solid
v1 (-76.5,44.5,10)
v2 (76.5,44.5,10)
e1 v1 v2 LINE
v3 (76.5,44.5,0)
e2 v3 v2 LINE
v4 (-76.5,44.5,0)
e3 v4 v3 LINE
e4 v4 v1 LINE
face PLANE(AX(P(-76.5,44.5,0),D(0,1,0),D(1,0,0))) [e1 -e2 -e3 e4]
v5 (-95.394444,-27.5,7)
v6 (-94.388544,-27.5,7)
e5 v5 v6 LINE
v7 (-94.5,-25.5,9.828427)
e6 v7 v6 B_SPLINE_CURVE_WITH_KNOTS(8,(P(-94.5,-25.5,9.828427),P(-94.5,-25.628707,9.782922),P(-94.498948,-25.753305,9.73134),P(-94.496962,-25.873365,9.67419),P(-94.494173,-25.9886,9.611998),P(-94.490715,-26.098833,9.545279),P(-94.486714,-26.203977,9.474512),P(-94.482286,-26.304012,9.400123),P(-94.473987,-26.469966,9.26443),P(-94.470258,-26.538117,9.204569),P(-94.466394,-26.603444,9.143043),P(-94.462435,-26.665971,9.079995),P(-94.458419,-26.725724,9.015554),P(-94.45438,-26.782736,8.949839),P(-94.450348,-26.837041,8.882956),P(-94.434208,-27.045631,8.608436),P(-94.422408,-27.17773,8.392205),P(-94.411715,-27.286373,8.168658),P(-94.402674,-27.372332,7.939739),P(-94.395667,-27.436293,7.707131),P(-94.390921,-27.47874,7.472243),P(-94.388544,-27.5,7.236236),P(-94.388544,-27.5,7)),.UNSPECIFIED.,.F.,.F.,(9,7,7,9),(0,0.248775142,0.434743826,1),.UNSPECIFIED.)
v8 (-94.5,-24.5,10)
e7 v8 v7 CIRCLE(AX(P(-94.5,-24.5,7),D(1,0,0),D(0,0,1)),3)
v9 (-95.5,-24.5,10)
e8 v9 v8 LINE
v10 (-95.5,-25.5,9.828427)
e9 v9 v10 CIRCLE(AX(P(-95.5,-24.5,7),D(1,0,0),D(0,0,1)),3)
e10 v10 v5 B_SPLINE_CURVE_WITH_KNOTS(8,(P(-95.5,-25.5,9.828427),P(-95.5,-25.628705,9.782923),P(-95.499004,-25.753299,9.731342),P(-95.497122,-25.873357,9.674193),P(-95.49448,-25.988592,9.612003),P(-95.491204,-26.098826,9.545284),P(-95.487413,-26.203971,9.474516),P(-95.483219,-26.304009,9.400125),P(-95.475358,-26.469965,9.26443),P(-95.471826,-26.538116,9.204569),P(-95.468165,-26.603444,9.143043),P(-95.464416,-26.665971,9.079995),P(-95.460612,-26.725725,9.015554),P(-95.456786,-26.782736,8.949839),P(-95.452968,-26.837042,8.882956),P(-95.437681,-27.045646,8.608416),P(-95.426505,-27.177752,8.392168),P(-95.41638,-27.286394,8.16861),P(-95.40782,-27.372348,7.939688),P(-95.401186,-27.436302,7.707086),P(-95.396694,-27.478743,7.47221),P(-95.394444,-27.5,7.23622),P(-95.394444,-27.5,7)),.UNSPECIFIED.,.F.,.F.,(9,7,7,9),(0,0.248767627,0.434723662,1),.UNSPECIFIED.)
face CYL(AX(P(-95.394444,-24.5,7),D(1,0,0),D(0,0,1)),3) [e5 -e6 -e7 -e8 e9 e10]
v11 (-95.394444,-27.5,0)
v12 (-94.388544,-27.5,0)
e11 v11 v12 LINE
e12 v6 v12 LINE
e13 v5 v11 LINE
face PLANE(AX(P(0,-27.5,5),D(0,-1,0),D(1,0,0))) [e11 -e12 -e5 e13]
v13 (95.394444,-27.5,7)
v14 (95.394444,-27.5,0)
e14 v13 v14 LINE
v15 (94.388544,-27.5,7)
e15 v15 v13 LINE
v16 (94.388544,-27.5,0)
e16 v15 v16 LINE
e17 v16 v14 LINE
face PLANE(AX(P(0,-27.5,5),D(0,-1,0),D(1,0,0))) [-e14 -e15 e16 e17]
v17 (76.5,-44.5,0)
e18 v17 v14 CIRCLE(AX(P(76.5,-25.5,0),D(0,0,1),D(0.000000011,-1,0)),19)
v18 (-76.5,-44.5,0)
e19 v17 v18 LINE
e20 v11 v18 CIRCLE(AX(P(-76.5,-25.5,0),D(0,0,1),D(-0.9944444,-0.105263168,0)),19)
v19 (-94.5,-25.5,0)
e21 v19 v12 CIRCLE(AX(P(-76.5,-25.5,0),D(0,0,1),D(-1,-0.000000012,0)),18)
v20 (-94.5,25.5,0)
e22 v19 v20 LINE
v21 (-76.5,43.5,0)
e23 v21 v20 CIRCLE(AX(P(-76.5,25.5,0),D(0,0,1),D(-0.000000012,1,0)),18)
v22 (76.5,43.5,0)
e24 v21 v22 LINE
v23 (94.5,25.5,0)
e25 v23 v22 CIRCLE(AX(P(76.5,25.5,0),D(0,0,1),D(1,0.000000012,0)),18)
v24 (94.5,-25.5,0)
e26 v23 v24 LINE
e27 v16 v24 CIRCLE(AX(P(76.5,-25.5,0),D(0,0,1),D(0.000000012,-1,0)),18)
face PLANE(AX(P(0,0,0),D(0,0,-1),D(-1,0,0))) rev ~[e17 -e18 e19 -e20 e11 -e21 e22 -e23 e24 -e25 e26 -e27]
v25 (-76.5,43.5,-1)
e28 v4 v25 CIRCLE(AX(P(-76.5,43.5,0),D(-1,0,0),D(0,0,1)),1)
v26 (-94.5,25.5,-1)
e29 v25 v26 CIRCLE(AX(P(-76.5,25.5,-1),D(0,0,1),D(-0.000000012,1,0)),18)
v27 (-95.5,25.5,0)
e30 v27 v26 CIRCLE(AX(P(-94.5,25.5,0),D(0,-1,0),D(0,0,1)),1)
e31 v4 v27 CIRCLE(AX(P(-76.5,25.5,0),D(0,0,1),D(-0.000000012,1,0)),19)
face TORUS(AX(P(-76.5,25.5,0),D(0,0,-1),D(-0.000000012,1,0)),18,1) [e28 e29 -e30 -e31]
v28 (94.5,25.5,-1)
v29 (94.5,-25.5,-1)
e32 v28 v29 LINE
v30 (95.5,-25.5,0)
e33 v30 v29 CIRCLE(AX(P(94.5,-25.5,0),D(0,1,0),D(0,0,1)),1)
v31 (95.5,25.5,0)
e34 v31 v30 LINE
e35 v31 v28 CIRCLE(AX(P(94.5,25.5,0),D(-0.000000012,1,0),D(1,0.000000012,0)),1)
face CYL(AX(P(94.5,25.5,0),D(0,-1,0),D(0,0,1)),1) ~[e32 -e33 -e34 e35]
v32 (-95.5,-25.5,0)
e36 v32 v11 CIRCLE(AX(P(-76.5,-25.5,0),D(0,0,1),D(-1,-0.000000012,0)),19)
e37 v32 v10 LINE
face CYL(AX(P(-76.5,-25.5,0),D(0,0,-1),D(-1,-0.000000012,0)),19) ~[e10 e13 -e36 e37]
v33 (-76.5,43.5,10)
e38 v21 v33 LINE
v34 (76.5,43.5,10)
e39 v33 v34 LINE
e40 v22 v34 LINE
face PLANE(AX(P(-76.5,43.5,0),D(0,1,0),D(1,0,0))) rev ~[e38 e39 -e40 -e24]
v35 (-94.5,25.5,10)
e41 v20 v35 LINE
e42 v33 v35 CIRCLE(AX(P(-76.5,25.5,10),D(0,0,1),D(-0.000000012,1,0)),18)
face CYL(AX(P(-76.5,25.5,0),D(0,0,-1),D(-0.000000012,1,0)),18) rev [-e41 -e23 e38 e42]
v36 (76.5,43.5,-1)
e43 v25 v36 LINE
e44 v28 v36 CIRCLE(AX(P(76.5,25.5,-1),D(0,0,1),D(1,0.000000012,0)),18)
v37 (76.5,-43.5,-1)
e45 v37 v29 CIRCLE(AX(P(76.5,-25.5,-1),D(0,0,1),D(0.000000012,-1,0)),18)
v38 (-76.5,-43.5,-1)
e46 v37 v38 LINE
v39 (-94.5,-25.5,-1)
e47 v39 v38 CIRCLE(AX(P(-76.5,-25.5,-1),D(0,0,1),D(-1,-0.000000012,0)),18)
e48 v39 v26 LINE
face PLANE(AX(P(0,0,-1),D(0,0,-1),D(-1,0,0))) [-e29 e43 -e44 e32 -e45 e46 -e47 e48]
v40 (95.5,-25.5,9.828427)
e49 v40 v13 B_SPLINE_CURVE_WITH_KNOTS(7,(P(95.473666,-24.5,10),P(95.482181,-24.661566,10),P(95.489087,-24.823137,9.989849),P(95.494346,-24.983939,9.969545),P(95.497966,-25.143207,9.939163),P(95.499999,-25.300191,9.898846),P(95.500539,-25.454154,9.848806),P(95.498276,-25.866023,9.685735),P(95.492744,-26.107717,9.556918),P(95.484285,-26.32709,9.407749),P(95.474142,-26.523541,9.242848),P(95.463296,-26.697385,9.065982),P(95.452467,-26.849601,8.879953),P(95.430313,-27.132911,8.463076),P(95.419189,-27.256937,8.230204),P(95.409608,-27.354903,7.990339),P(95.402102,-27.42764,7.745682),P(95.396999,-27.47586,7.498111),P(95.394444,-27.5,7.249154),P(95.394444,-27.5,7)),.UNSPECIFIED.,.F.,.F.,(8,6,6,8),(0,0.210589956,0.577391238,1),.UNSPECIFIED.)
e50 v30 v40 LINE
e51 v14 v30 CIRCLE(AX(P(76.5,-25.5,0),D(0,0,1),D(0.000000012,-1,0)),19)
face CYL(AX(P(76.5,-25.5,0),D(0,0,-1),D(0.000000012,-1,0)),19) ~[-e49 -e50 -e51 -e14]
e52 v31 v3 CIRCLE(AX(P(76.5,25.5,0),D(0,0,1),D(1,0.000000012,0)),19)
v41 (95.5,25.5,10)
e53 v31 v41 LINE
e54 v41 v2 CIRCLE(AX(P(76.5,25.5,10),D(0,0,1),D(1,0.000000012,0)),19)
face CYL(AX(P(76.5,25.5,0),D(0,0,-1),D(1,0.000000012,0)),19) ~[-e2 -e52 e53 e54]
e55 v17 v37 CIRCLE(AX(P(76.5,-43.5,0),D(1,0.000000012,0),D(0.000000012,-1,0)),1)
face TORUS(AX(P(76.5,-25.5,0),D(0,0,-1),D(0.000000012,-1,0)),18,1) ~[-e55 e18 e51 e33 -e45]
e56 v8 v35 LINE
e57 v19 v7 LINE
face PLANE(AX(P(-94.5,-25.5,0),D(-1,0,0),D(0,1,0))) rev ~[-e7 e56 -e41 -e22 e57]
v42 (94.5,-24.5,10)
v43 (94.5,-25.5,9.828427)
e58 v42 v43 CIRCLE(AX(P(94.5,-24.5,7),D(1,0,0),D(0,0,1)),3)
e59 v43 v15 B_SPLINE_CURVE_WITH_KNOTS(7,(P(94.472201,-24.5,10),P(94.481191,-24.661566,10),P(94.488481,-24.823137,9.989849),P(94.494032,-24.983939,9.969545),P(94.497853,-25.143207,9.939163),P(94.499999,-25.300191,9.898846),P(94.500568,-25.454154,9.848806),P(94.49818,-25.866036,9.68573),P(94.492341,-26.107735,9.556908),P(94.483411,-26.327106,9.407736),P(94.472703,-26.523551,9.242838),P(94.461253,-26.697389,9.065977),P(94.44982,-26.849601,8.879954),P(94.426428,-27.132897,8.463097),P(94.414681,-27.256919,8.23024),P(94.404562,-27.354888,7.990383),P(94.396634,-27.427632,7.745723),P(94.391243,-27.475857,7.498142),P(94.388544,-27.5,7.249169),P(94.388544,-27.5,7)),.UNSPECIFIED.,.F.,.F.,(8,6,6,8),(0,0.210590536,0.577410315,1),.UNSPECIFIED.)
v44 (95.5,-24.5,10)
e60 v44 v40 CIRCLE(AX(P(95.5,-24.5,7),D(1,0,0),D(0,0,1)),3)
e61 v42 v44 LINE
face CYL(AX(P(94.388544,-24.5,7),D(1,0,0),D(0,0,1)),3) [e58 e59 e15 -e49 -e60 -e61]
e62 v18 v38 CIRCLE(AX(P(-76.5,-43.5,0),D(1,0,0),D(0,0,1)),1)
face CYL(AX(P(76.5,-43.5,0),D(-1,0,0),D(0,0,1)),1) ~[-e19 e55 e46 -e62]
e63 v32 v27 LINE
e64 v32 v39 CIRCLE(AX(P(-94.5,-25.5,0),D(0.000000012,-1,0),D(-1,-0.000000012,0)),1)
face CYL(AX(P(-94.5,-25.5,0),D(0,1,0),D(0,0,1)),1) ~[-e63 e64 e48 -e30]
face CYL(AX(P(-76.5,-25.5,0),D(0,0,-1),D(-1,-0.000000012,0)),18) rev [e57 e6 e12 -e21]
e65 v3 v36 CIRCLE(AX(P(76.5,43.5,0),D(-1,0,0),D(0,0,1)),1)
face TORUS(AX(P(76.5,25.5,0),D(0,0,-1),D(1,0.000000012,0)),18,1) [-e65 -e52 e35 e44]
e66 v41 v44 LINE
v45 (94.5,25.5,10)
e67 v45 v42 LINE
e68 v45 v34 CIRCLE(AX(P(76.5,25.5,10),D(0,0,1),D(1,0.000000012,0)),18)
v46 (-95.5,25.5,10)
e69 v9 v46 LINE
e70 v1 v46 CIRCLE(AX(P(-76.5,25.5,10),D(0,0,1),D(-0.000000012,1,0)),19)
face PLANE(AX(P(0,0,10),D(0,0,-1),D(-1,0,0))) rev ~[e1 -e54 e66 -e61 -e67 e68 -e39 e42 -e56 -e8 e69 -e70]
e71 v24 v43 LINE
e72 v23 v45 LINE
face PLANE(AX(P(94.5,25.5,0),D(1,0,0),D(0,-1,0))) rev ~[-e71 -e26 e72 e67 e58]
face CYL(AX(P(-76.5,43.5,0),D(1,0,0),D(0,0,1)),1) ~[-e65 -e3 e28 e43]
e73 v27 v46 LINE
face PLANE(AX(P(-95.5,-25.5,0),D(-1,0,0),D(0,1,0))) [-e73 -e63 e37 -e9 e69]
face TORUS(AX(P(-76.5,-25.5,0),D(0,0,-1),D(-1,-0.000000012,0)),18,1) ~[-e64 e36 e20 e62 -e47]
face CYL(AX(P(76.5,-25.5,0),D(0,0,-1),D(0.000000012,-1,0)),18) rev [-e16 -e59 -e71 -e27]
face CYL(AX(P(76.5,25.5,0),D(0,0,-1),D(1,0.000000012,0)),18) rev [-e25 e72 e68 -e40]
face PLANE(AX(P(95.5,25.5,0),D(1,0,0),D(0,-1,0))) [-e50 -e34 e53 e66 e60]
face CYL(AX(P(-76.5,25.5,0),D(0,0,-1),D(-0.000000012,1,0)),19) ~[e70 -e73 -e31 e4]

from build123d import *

# Parameters (mm, degrees)
PAD_DEPTH         = 10
THICKNESS_T       = 1
SKETCH001_W       = 15
SKETCH001_H       = 10
SKETCH001_W_2     = 143
POCKET_DEPTH      = 5
POCKET_DEPTH_BACK = -5
SKETCH002_W       = 191
SKETCH002_H       = 10
POCKET001_DEPTH   = 17
FILLET_R          = 3


with BuildPart() as part:
    # Sketch → Pad (new body)
    with BuildSketch(Plane.XY):
        with BuildLine():
            Line((-76.5, 43.5), (76.5, 43.5))
            ThreePointArc((94.5, 25.5), (89.227922, 38.227922), (76.5, 43.5))
            Line((94.5, 25.5), (94.5, -25.5))
            ThreePointArc((76.5, -43.5), (89.227922, -38.227922), (94.5, -25.5))
            Line((76.5, -43.5), (-76.5, -43.5))
            ThreePointArc((-94.5, -25.5), (-89.227922, -38.227922), (-76.5, -43.5))
            Line((-94.5, -25.5), (-94.5, 25.5))
            ThreePointArc((-76.5, 43.5), (-89.227922, 38.227922), (-94.5, 25.5))
        make_face()
    extrude(amount=PAD_DEPTH)

    # Thickness
    thickness_openings = [part.faces().sort_by_distance(p)[0] for p in [
        (0, 0, 10),
    ]]
    offset(amount=THICKNESS_T, openings=thickness_openings)

    # Sketch001 (on Face5 of Thickness) → Pocket (cut, two sides)
    with BuildSketch(Plane(origin=(0, -43.5, 0), x_dir=(-1, 0, 0), z_dir=(0, 1, 0))) as pocket_sk:
        with Locations((79, 5)):
            Rectangle(SKETCH001_W, SKETCH001_H)
        with Locations((-79, 5)):
            Rectangle(SKETCH001_W, SKETCH001_H)
        with Locations((0, 5)):
            Rectangle(SKETCH001_W_2, SKETCH001_H)
    extrude(amount=-POCKET_DEPTH, mode=Mode.SUBTRACT)
    extrude(pocket_sk.sketch, amount=-POCKET_DEPTH_BACK, mode=Mode.SUBTRACT)

    # Sketch002 (on Face15 of Thickness) → Pocket001 (cut)
    with BuildSketch(Plane.XZ.offset(44.5)):
        with Locations((0, 5)):
            Rectangle(SKETCH002_W, SKETCH002_H)
    extrude(amount=-POCKET001_DEPTH, mode=Mode.SUBTRACT)

    # Fillet
    fillet_edges = [part.edges().sort_by_distance(p)[0] for p in [
        (-94.891494, -27.5, 10),
        (94.891494, -27.5, 10),
    ]]
    fillet(fillet_edges, radius=FILLET_R)


solid = part.part
